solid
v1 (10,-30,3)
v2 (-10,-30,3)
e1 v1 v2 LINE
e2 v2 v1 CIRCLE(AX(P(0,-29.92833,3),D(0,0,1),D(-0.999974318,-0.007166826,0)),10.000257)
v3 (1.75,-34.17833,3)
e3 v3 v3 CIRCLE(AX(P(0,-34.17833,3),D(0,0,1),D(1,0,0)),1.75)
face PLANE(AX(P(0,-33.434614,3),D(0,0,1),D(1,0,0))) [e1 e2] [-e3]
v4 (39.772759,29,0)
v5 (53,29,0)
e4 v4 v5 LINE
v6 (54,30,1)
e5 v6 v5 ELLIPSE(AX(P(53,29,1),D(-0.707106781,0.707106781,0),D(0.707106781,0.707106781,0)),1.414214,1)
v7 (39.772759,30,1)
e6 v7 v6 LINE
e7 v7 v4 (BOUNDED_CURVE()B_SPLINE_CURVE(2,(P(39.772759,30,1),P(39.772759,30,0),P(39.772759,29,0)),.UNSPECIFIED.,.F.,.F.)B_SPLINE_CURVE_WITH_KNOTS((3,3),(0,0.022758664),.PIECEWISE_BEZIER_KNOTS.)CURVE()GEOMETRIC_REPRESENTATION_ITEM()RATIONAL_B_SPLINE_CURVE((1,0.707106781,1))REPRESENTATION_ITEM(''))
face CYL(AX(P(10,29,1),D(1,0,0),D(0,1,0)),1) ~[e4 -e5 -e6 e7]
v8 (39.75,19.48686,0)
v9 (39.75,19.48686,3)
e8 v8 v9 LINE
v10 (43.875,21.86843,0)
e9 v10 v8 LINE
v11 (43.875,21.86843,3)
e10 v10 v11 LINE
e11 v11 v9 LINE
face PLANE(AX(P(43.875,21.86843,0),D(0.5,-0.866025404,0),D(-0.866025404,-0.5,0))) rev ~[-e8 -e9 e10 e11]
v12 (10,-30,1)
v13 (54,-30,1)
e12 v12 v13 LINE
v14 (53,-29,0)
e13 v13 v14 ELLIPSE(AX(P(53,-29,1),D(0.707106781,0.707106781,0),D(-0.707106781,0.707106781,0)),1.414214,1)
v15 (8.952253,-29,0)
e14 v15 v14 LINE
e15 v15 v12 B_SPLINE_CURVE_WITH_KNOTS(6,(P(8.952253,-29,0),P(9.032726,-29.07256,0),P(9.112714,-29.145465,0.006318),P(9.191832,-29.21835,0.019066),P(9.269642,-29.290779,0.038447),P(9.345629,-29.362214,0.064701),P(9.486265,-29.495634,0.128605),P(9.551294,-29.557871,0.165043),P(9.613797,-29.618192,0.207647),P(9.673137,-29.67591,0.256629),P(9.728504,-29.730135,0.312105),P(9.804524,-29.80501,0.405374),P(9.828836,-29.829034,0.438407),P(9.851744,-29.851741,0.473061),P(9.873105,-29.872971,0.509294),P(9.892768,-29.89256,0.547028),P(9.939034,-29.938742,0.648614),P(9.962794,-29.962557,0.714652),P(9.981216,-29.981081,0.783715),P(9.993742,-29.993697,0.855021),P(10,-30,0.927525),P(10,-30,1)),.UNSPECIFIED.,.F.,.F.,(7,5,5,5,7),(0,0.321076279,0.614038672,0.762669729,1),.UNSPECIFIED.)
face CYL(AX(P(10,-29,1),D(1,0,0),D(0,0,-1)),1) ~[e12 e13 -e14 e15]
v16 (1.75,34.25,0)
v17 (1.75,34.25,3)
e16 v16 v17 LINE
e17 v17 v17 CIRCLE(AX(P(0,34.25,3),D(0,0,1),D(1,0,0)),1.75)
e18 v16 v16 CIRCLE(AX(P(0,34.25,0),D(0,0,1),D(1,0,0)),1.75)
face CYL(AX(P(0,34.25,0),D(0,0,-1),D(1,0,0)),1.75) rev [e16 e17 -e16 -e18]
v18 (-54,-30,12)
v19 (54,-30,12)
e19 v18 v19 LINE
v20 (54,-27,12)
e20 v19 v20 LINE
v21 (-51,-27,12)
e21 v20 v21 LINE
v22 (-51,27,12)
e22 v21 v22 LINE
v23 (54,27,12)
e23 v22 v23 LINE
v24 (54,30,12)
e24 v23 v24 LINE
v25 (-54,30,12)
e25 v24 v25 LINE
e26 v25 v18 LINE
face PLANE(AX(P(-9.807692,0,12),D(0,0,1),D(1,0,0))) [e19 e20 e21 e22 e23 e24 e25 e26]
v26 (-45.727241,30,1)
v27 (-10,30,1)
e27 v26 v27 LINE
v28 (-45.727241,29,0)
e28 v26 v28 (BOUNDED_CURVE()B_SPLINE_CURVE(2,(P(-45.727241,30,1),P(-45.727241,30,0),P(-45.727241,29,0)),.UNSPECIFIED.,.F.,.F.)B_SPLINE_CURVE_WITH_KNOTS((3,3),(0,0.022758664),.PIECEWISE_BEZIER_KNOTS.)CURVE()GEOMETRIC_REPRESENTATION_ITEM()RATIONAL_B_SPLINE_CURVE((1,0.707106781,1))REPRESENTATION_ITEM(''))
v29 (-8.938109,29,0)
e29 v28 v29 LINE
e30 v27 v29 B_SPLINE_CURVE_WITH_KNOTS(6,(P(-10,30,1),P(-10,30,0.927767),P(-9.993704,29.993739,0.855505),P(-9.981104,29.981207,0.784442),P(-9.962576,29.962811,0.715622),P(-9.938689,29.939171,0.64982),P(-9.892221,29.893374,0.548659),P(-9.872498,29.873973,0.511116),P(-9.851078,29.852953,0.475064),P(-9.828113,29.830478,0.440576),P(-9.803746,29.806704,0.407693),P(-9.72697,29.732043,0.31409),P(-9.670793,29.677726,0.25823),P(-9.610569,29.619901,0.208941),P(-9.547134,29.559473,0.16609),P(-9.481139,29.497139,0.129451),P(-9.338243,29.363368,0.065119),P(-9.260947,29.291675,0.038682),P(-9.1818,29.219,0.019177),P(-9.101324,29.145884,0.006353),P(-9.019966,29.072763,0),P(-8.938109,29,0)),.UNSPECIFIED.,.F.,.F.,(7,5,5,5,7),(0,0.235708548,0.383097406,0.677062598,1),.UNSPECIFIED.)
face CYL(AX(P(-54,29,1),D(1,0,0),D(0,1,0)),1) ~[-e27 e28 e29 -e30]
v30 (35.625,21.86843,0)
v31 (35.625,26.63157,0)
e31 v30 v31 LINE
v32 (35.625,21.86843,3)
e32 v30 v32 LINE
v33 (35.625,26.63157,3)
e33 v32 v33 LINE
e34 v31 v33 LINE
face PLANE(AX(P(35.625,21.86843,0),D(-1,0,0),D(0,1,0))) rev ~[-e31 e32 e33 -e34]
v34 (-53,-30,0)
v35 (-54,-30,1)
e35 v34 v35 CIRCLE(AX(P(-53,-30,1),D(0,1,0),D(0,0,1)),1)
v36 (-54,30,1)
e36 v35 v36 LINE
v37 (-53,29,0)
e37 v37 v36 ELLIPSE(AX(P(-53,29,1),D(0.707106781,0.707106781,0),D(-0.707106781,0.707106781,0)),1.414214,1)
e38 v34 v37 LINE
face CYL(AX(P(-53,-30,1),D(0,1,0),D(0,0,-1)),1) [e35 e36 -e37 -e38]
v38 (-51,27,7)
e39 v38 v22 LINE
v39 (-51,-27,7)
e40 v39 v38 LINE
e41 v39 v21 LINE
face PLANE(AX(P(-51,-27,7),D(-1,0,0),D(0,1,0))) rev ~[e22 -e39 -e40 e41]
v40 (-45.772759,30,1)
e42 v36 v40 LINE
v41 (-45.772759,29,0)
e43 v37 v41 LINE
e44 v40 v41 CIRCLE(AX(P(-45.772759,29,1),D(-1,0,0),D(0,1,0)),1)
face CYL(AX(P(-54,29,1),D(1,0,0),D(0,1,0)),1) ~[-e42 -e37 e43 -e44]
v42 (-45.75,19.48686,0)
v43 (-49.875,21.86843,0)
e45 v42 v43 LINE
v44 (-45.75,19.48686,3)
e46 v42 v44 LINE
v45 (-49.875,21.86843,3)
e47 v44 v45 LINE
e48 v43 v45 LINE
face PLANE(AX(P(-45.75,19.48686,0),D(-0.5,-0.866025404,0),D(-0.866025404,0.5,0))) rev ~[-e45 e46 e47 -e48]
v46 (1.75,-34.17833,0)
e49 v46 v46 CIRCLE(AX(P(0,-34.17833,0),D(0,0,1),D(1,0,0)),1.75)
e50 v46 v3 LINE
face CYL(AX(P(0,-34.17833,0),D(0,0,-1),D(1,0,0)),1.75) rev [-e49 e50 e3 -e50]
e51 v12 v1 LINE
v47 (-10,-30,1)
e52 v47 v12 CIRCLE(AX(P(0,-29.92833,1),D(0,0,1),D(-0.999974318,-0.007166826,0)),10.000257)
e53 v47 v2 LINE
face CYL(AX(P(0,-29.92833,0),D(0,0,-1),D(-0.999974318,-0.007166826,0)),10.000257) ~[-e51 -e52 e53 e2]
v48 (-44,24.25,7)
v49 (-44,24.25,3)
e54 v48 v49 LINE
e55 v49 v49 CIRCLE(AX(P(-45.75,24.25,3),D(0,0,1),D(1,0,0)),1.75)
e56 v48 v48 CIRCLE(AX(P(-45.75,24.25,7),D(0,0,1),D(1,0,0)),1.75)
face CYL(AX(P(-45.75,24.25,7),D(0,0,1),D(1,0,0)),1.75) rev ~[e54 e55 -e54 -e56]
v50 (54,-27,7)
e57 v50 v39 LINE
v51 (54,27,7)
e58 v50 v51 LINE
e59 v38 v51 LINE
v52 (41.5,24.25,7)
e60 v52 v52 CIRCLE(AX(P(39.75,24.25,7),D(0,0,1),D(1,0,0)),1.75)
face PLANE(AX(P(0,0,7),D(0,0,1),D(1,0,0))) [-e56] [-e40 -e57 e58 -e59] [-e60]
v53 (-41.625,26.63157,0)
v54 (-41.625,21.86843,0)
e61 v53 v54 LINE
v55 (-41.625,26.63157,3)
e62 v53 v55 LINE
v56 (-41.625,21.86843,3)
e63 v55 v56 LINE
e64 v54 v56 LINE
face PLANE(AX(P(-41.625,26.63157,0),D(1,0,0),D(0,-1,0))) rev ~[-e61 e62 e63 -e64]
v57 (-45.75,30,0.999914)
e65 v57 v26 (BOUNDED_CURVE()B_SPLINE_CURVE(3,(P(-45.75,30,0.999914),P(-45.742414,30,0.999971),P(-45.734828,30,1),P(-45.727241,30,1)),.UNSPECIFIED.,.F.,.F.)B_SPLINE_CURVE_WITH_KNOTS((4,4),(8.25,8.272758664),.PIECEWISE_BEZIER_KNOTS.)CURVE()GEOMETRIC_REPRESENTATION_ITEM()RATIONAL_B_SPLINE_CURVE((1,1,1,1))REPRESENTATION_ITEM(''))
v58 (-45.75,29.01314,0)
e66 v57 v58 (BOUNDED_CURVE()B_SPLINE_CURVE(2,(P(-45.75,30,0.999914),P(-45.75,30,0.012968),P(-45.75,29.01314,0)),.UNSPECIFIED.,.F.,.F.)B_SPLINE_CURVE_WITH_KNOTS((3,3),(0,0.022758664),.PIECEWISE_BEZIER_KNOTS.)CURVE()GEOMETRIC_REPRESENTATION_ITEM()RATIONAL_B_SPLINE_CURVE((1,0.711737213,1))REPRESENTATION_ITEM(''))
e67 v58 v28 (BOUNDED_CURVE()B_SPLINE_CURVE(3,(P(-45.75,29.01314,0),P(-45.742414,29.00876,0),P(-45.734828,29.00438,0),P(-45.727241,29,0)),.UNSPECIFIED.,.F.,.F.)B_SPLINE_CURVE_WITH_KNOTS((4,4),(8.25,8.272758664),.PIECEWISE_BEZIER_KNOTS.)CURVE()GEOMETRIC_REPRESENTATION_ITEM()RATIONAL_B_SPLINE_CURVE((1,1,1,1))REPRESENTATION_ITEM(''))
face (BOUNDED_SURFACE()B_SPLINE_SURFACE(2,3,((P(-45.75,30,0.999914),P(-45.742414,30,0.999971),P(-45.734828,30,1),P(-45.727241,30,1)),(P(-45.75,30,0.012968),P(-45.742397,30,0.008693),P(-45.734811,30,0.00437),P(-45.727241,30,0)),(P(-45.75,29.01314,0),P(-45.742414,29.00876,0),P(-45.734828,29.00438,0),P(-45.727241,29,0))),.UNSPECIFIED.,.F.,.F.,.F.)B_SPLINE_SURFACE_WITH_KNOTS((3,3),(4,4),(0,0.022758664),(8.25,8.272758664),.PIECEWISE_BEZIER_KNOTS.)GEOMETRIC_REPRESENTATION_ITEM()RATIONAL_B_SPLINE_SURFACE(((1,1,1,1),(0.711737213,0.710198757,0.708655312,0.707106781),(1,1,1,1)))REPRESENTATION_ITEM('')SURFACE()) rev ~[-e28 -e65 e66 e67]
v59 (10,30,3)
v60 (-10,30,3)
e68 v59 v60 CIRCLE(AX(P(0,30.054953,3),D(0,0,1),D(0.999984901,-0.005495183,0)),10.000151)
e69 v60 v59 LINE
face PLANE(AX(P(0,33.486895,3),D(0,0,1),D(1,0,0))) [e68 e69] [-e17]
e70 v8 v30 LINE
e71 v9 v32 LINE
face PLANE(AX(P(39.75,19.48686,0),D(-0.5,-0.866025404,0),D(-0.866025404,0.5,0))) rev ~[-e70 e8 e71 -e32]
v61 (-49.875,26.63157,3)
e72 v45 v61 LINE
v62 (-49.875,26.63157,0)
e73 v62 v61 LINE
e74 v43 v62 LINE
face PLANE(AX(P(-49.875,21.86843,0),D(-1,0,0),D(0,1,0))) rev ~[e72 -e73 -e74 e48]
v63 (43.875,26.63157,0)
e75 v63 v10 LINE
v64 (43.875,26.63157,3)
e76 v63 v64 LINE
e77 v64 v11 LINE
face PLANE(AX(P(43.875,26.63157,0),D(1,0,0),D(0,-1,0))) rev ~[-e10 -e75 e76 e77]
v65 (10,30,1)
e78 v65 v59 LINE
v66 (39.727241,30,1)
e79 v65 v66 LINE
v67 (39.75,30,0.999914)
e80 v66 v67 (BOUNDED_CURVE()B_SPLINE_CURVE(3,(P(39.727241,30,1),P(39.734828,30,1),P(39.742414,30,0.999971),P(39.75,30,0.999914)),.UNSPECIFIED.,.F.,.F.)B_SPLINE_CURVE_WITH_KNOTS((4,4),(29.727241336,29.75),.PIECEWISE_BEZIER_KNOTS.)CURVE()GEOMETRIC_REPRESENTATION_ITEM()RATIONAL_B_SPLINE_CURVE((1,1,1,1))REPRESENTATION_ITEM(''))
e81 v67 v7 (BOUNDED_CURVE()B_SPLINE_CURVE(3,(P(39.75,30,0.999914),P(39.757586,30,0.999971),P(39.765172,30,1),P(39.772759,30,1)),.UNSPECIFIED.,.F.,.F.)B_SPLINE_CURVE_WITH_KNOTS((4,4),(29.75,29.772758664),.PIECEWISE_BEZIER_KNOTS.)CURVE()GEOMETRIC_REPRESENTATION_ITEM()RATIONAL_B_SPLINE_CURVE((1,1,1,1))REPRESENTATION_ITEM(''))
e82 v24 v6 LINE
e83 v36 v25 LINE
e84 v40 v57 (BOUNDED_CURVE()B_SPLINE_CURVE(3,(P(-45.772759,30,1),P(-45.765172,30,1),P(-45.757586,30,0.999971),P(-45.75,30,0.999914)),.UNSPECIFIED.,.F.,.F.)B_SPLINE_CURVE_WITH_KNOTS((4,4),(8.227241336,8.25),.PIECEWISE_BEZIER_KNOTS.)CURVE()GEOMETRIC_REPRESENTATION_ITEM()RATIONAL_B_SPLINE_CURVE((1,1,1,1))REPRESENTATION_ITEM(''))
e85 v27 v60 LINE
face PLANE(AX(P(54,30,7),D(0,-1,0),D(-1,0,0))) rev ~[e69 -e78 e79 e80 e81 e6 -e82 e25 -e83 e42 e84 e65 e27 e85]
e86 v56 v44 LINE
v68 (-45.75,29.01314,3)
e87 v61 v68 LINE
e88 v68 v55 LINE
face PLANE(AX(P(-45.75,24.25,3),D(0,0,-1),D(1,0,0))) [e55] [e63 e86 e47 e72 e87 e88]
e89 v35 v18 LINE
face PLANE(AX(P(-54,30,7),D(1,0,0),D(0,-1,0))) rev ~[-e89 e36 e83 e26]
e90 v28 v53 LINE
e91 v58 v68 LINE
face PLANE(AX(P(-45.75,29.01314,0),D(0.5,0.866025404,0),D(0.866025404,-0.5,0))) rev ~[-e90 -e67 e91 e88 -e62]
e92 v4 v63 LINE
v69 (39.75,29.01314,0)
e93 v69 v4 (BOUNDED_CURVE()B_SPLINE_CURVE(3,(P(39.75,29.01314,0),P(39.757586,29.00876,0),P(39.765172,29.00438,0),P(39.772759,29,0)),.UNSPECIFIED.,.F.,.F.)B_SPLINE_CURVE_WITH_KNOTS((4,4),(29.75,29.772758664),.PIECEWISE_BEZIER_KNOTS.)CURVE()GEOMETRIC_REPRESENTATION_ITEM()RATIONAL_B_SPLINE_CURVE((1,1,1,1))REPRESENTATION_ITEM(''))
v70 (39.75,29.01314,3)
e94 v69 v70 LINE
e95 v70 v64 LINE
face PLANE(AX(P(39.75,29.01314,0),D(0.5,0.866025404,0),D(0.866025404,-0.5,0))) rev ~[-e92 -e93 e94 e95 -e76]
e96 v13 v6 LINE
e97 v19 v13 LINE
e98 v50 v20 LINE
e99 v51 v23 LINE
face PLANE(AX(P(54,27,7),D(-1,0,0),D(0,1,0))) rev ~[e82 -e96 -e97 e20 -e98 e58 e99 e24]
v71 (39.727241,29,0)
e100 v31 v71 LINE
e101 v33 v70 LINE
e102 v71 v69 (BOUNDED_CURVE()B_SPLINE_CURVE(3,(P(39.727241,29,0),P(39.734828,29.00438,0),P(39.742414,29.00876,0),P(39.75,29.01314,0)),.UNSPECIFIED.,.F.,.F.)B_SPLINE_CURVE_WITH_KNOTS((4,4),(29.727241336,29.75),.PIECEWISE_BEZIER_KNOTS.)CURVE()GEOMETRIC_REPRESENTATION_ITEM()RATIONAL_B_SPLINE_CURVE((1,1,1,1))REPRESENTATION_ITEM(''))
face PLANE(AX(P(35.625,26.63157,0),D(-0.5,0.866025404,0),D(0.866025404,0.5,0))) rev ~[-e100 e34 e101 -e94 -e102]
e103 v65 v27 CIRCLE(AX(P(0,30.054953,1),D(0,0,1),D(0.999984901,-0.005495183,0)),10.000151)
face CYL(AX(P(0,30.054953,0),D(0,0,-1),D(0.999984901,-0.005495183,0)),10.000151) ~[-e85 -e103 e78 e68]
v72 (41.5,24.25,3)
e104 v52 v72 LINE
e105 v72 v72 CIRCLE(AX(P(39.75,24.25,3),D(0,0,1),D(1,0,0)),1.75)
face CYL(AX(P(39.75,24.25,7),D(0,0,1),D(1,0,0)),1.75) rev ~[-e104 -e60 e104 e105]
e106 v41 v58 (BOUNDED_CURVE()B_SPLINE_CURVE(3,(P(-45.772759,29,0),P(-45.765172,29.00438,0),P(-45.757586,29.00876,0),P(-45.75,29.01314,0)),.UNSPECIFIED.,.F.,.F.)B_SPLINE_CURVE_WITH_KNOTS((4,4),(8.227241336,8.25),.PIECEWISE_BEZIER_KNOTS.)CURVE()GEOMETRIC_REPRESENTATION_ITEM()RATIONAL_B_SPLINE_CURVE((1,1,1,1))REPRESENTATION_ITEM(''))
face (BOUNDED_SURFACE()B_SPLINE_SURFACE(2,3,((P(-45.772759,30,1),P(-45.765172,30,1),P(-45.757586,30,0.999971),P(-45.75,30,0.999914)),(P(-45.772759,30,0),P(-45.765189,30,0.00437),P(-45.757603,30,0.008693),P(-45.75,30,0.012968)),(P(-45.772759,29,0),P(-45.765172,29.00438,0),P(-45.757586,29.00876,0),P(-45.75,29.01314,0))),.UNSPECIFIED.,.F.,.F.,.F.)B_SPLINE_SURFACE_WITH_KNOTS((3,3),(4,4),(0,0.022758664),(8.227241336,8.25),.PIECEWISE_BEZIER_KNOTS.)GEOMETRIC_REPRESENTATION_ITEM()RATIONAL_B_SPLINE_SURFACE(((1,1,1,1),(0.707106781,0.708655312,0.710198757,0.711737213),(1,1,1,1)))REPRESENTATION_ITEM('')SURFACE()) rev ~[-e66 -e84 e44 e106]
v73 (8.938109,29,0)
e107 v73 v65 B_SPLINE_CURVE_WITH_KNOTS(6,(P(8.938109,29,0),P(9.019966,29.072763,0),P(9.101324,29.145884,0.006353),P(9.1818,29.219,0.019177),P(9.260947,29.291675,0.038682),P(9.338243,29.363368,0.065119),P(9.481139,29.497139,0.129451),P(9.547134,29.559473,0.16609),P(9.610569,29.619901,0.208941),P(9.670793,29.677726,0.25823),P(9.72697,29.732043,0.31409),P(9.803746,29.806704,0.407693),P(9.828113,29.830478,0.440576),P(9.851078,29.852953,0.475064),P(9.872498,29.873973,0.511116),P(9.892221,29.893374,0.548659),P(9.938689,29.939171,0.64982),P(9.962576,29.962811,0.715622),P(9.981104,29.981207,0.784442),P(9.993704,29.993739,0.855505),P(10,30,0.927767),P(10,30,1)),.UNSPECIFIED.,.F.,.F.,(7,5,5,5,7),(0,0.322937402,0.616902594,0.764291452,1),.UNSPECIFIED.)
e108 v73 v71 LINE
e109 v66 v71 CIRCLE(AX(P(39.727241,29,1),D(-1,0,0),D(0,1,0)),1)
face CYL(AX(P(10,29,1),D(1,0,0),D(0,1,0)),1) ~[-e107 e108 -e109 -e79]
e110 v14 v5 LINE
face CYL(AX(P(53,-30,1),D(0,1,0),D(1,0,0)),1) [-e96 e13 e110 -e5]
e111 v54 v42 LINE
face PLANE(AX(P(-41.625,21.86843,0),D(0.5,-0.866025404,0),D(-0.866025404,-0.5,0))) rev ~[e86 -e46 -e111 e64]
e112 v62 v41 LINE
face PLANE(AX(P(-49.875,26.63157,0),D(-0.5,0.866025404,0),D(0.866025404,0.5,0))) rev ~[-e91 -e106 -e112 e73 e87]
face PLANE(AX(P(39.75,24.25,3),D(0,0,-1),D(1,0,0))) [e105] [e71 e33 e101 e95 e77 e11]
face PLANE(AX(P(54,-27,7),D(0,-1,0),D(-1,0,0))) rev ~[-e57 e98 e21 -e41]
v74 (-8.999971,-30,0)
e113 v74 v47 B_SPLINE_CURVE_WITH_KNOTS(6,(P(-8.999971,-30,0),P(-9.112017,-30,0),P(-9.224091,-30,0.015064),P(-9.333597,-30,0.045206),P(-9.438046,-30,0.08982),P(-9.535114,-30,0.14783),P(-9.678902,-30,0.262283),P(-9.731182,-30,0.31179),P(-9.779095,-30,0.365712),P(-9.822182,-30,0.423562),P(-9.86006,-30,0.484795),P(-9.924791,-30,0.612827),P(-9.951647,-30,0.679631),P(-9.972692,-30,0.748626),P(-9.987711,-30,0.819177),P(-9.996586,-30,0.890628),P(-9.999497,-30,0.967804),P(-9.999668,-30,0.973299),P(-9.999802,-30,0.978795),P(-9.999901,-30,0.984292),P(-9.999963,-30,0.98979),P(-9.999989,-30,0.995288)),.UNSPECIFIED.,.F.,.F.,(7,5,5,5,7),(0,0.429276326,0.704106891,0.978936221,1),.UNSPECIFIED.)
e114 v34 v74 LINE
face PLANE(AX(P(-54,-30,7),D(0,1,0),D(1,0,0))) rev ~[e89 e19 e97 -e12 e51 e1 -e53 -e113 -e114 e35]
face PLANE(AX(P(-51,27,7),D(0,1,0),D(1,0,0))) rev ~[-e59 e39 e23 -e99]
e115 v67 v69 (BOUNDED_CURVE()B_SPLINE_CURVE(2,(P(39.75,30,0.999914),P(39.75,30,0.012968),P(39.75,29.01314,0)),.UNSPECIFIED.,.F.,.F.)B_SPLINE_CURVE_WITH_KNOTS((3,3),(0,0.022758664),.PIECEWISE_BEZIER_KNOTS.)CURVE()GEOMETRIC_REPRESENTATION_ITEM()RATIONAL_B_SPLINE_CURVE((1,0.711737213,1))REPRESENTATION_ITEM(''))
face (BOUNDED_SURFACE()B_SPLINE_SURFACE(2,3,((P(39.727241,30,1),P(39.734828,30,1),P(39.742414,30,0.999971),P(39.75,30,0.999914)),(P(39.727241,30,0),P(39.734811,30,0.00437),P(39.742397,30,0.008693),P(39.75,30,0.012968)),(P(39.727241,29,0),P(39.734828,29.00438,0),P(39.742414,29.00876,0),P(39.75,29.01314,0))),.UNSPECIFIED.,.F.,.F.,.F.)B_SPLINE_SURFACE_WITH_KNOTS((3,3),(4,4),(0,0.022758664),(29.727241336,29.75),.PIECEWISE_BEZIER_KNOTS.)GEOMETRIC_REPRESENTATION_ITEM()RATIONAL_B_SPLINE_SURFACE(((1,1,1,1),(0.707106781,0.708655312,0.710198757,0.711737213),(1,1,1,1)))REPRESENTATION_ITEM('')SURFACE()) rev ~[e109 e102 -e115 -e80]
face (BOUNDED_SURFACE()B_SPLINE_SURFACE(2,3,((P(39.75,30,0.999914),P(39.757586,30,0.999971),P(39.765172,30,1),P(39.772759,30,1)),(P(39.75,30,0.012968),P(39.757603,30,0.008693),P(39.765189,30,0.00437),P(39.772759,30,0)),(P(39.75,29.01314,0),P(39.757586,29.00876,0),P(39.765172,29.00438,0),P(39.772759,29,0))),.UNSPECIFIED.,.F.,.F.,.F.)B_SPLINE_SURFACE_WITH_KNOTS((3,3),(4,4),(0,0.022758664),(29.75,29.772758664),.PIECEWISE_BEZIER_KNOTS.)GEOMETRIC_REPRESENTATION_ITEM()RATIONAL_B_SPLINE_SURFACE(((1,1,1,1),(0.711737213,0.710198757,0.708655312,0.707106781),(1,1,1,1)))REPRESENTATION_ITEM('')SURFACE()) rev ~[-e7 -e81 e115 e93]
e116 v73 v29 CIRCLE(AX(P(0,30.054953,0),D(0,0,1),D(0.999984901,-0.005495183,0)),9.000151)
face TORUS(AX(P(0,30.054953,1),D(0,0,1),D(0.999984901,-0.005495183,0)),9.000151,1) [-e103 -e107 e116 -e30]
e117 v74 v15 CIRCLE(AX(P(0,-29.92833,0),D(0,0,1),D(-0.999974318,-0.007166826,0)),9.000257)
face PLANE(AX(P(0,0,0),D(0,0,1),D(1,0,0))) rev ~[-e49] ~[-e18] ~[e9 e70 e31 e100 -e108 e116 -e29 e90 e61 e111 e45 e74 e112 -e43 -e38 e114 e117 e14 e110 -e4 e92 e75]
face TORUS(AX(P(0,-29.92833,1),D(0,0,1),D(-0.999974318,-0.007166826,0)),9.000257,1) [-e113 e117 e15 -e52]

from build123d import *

# Parameters (mm, degrees)
F0_W     = 108
F0_H     = 60
F1_DEPTH = 7
F3_DEPTH = 5
F4_R     = 1.75
F5_DEPTH = 7.001
F7_DEPTH = 3
F8_R     = 1.75
F9_DEPTH = 3
F10_R    = 1


with BuildPart() as f1:
    # F0 (on Top) → F1 (new body)
    with BuildSketch(Plane.XY):
        Rectangle(F0_W, F0_H)
    extrude(amount=F1_DEPTH)

    # F2 (on face) → F3 (join)
    with BuildSketch(Plane.XY.offset(7)):
        Polygon((54, 30), (-54, 30), (-54, -30), (54, -30), (54, -27), (51, -27), (-51, -27), (-51, 27), (51, 27), (54, 27), align=None)
    extrude(amount=F3_DEPTH)

    # F4 (on face) → F5 (cut, through all)
    with BuildSketch(Plane.XY.offset(7)):
        with Locations((-45.75, 24.25)):
            Circle(F4_R)
        with Locations((39.75, 24.25)):
            Circle(F4_R)
    extrude(amount=-F5_DEPTH, mode=Mode.SUBTRACT)

    # F6 (on face) → F7 (cut)
    with BuildSketch(Plane(origin=(0, 0, 0), x_dir=(1, 0, 0), z_dir=(0, 0, -1))):
        Polygon((35.625, -21.8684301396), (35.625, -26.6315698604), (39.75, -29.0131397208), (43.875, -26.6315698604), (43.875, -21.8684301396), (39.75, -19.4868602792), align=None)
        Polygon((-49.875, -21.8684301396), (-49.875, -26.6315698604), (-45.75, -29.0131397208), (-41.625, -26.6315698604), (-41.625, -21.8684301396), (-45.75, -19.4868602792), align=None)
    extrude(amount=-F7_DEPTH, mode=Mode.SUBTRACT)

    # F8 (on Top) → F9 (join)
    with BuildSketch(Plane.XY):
        with BuildLine():
            Line((10, -30), (-10, -30))
            ThreePointArc((-10, -30), (0, -39.928586731), (10, -30))
        make_face()
        with Locations((0, -34.1783299042)):
            Circle(F8_R, mode=Mode.SUBTRACT)
        with BuildLine():
            Line((-10, 30), (10, 30))
            ThreePointArc((10, 30), (0, 40.0551036455), (-10, 30))
        make_face()
        with Locations((0, 34.25)):
            Circle(F8_R, mode=Mode.SUBTRACT)
    extrude(amount=F9_DEPTH)

    # F10
    f10_edges = [f1.edges().sort_by_distance(p)[0] for p in [
        (54, 0, 0),
        (32, -30, 0),
        (0, -39.928587, 0),
        (-54, 0, 0),
        (-32, 30, 0),
        (0, 40.055104, 0),
        (32, 30, 0),
    ]]
    fillet(f10_edges, radius=F10_R)


solid = f1.part
